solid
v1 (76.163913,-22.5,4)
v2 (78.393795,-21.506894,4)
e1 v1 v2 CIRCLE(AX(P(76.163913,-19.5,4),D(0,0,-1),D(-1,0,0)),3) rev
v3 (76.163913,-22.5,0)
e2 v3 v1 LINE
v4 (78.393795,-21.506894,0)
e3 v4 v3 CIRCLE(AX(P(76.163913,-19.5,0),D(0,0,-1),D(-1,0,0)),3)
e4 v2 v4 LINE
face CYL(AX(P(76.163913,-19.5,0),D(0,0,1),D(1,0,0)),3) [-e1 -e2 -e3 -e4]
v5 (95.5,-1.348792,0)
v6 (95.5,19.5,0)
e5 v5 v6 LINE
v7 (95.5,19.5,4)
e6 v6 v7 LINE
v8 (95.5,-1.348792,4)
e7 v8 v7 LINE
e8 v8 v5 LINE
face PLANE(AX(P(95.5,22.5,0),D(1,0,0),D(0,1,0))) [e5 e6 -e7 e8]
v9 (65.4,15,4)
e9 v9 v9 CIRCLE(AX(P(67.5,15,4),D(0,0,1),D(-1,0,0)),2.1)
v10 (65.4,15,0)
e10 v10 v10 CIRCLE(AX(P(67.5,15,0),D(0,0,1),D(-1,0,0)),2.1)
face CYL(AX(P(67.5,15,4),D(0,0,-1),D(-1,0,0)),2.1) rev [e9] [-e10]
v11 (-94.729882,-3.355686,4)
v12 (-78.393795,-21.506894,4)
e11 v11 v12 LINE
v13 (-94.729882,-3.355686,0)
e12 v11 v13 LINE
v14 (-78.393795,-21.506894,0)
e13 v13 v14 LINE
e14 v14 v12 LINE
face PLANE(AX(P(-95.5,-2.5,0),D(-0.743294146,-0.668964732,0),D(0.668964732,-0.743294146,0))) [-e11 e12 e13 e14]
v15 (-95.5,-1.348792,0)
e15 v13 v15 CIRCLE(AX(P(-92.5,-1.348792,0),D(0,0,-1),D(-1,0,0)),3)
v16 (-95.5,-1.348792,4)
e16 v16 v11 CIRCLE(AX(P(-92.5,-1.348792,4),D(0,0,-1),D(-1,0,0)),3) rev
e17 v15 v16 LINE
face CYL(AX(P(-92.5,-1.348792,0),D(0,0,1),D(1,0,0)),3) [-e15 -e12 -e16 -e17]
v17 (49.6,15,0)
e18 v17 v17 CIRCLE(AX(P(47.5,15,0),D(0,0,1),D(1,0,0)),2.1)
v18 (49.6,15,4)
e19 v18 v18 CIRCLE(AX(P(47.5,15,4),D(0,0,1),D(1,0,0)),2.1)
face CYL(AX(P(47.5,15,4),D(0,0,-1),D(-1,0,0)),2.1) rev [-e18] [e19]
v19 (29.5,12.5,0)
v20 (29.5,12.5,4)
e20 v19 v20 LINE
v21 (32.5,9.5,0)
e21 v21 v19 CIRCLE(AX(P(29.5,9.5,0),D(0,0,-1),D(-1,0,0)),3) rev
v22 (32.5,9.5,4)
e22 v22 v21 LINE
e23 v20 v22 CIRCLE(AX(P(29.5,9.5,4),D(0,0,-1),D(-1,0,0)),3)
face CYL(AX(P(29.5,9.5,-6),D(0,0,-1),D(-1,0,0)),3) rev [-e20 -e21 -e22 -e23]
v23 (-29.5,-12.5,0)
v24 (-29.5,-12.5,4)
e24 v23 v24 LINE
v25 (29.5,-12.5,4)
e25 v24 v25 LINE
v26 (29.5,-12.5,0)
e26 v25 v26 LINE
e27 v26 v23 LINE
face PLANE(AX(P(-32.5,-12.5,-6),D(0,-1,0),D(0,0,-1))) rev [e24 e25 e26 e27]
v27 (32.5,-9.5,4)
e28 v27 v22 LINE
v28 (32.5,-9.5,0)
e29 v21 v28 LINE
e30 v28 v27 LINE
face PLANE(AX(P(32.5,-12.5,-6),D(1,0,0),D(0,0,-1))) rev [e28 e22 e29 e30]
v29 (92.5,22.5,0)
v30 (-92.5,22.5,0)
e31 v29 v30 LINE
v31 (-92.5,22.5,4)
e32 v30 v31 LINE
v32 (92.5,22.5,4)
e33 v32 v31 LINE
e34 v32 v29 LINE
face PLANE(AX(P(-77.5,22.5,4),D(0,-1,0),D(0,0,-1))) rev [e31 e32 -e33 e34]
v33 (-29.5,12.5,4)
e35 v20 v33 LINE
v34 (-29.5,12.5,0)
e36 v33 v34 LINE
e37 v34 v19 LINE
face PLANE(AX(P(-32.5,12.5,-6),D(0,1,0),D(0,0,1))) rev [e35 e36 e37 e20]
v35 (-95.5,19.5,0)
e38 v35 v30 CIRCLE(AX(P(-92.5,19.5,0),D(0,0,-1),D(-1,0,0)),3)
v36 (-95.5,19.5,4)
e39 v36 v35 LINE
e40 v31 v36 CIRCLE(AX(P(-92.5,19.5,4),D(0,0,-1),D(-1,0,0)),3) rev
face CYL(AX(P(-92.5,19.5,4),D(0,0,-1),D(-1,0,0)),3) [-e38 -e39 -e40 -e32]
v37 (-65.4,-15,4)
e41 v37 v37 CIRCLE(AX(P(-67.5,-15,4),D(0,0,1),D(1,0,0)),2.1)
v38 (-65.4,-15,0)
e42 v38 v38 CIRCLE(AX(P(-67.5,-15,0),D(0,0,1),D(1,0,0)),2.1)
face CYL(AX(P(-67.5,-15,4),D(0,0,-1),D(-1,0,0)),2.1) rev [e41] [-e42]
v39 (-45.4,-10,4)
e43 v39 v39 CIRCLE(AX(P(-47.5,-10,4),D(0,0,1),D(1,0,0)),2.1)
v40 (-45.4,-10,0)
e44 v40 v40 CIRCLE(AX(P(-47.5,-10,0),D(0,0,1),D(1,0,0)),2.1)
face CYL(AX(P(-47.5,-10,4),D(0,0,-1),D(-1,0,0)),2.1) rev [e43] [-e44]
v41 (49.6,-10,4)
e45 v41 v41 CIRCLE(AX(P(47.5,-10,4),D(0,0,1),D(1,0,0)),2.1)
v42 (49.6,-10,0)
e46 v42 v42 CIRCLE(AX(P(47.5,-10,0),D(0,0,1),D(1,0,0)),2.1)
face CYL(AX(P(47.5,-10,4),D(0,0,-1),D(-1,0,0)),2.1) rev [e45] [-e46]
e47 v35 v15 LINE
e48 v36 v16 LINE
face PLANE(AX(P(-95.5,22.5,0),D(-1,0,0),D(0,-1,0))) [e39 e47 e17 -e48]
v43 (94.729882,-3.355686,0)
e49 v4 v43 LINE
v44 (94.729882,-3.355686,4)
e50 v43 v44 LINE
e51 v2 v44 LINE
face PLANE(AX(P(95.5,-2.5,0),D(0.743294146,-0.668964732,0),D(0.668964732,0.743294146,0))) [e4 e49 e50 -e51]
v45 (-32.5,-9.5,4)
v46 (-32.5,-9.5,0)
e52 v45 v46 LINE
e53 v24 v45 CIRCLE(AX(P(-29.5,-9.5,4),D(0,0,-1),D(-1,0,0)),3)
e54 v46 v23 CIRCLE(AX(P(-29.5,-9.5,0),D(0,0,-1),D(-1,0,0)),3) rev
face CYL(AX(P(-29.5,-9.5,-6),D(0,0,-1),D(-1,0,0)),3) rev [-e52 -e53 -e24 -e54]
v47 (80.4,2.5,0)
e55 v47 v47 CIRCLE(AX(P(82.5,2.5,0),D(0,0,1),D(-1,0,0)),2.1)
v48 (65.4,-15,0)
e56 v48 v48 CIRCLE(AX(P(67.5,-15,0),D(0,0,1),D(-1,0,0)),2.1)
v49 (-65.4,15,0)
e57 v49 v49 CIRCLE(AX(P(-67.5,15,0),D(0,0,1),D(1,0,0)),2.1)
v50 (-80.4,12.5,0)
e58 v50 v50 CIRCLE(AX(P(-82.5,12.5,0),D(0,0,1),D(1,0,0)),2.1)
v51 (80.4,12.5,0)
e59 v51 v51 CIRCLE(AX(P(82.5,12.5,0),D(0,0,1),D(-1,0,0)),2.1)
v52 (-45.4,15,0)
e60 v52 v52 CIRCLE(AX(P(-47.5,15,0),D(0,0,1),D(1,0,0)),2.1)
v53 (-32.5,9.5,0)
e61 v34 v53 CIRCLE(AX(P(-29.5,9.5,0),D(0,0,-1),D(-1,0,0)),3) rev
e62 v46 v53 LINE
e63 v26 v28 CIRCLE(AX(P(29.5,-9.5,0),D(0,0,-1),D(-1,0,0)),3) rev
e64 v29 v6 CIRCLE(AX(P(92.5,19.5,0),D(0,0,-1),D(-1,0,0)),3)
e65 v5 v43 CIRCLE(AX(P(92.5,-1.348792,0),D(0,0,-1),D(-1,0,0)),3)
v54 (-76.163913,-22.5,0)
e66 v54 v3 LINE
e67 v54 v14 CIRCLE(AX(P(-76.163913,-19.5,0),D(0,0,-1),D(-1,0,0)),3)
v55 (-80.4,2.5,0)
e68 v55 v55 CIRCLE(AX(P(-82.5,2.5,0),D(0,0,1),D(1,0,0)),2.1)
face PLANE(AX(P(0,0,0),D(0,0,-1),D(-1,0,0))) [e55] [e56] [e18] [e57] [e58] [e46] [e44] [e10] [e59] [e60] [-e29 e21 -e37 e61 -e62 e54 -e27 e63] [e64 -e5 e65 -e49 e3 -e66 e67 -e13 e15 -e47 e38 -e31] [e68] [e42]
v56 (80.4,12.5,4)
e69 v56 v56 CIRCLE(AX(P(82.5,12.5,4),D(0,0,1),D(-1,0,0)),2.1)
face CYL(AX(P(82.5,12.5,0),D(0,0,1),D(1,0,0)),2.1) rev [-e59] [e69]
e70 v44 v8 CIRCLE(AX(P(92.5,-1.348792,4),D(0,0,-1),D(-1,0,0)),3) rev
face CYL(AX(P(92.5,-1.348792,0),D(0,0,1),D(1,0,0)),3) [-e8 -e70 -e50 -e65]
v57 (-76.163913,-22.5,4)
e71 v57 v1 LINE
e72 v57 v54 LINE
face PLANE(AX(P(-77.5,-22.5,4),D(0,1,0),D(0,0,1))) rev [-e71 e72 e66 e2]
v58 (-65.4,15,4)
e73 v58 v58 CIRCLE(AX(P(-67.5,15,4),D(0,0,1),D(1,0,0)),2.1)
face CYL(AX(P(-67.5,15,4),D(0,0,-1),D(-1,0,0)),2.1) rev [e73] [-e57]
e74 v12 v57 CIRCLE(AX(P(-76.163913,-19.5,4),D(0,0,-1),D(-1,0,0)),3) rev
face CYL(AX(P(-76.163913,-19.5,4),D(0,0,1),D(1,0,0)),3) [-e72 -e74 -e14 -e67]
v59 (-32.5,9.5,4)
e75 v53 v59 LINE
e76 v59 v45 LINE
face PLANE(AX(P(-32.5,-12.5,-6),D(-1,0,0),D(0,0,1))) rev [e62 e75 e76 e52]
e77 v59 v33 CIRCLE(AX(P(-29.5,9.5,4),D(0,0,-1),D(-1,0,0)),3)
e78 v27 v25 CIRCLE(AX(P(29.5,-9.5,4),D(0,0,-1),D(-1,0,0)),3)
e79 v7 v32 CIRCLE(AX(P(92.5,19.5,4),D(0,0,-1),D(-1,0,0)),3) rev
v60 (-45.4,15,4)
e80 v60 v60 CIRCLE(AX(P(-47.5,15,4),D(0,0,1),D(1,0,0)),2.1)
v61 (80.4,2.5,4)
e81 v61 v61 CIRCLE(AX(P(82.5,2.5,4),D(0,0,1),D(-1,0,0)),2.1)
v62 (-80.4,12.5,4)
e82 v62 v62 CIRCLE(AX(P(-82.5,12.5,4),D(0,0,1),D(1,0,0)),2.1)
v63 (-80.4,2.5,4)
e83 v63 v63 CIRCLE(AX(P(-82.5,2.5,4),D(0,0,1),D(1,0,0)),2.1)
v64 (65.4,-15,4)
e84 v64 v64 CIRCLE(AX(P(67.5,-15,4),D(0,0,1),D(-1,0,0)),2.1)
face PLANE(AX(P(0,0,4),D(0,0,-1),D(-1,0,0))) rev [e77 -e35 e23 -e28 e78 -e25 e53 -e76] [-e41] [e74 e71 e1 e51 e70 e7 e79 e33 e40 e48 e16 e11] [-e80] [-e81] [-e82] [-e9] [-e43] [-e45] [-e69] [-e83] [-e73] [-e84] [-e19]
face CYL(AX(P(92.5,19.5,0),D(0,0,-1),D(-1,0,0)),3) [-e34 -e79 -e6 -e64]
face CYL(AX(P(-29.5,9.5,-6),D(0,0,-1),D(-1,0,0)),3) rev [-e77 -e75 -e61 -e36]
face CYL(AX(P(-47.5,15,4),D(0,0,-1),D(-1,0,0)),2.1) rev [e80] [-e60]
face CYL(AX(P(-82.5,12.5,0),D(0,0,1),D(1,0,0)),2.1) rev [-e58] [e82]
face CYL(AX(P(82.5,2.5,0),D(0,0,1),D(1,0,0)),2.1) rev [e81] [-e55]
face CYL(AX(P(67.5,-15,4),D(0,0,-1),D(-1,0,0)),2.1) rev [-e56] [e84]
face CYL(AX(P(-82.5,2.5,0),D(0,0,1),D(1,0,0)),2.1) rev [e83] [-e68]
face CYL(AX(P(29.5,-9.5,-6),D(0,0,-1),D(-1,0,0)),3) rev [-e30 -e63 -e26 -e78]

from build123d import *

# Parameters (mm, degrees)
SKETCH_1_W          = 155
SKETCH_1_H          = 45
SKETCH_1_R          = 2.1
EXTRUDE_1_DEPTH     = 4
SKETCH_2_W          = 65
SKETCH_2_H          = 25
CUT_EXTRUDE_1_DEPTH = 10
SKETCH_3_R          = 2.1
EXTRUDE_2_DEPTH     = 4
FILLET_1_R          = 3


with BuildPart() as part:
    # 草图1 → 凸台-拉伸1 (new body)
    with BuildSketch(Plane.XY):
        Rectangle(SKETCH_1_W, SKETCH_1_H)
        with Locations((-67.5, 15)):
            Circle(SKETCH_1_R, mode=Mode.SUBTRACT)
        with Locations((-67.5, -15)):
            Circle(SKETCH_1_R, mode=Mode.SUBTRACT)
        with Locations(Location((67.5, 15, 0), (0, 0, 180))):
            Circle(SKETCH_1_R, mode=Mode.SUBTRACT)
        with Locations(Location((67.5, -15, 0), (0, 0, 180))):
            Circle(SKETCH_1_R, mode=Mode.SUBTRACT)
        with Locations((-47.5, 15)):
            Circle(SKETCH_1_R, mode=Mode.SUBTRACT)
        with Locations((47.5, 15)):
            Circle(SKETCH_1_R, mode=Mode.SUBTRACT)
        with Locations((-47.5, -10)):
            Circle(SKETCH_1_R, mode=Mode.SUBTRACT)
        with Locations((47.5, -10)):
            Circle(SKETCH_1_R, mode=Mode.SUBTRACT)
    extrude(amount=EXTRUDE_1_DEPTH)

    # 草图2 → 切除-拉伸1 (cut)
    with BuildSketch(Plane.XY.offset(4)):
        Rectangle(SKETCH_2_W, SKETCH_2_H)
    extrude(amount=-CUT_EXTRUDE_1_DEPTH, mode=Mode.SUBTRACT)

    # 草图3 → 凸台-拉伸2 (add)
    # profile 1 of 2: a face of its own
    with BuildSketch(Plane.XY.offset(4)):
        Polygon((-77.5, 22.5), (-95.5, 22.5), (-95.5, -2.5), (-77.5, -22.5), align=None)
        with Locations((-82.5, 12.5)):
            Circle(SKETCH_3_R, mode=Mode.SUBTRACT)
        with Locations((-82.5, 2.5)):
            Circle(SKETCH_3_R, mode=Mode.SUBTRACT)
    # profile 2 of 2: a face of its own
    with BuildSketch(Plane.XY.offset(4)):
        Polygon((77.5, 22.5), (95.5, 22.5), (95.5, -2.5), (77.5, -22.5), align=None)
        with Locations(Location((82.5, 12.5, 0), (0, 0, 180))):
            Circle(SKETCH_3_R, mode=Mode.SUBTRACT)
        with Locations(Location((82.5, 2.5, 0), (0, 0, 180))):
            Circle(SKETCH_3_R, mode=Mode.SUBTRACT)
    extrude(amount=-EXTRUDE_2_DEPTH)

    # 圆角1
    fillet_1_edges = [part.edges().sort_by_distance(p)[0] for p in [
        (32.5, 12.5, 2),
        (32.5, -12.5, 2),
        (-32.5, -12.5, 2),
        (-32.5, 12.5, 2),
        (-95.5, -2.5, 2),
        (-95.5, 22.5, 2),
        (77.5, -22.5, 2),
        (-77.5, -22.5, 2),
        (95.5, 22.5, 2),
        (95.5, -2.5, 2),
    ]]
    fillet(fillet_1_edges, radius=FILLET_1_R)


solid = part.part
